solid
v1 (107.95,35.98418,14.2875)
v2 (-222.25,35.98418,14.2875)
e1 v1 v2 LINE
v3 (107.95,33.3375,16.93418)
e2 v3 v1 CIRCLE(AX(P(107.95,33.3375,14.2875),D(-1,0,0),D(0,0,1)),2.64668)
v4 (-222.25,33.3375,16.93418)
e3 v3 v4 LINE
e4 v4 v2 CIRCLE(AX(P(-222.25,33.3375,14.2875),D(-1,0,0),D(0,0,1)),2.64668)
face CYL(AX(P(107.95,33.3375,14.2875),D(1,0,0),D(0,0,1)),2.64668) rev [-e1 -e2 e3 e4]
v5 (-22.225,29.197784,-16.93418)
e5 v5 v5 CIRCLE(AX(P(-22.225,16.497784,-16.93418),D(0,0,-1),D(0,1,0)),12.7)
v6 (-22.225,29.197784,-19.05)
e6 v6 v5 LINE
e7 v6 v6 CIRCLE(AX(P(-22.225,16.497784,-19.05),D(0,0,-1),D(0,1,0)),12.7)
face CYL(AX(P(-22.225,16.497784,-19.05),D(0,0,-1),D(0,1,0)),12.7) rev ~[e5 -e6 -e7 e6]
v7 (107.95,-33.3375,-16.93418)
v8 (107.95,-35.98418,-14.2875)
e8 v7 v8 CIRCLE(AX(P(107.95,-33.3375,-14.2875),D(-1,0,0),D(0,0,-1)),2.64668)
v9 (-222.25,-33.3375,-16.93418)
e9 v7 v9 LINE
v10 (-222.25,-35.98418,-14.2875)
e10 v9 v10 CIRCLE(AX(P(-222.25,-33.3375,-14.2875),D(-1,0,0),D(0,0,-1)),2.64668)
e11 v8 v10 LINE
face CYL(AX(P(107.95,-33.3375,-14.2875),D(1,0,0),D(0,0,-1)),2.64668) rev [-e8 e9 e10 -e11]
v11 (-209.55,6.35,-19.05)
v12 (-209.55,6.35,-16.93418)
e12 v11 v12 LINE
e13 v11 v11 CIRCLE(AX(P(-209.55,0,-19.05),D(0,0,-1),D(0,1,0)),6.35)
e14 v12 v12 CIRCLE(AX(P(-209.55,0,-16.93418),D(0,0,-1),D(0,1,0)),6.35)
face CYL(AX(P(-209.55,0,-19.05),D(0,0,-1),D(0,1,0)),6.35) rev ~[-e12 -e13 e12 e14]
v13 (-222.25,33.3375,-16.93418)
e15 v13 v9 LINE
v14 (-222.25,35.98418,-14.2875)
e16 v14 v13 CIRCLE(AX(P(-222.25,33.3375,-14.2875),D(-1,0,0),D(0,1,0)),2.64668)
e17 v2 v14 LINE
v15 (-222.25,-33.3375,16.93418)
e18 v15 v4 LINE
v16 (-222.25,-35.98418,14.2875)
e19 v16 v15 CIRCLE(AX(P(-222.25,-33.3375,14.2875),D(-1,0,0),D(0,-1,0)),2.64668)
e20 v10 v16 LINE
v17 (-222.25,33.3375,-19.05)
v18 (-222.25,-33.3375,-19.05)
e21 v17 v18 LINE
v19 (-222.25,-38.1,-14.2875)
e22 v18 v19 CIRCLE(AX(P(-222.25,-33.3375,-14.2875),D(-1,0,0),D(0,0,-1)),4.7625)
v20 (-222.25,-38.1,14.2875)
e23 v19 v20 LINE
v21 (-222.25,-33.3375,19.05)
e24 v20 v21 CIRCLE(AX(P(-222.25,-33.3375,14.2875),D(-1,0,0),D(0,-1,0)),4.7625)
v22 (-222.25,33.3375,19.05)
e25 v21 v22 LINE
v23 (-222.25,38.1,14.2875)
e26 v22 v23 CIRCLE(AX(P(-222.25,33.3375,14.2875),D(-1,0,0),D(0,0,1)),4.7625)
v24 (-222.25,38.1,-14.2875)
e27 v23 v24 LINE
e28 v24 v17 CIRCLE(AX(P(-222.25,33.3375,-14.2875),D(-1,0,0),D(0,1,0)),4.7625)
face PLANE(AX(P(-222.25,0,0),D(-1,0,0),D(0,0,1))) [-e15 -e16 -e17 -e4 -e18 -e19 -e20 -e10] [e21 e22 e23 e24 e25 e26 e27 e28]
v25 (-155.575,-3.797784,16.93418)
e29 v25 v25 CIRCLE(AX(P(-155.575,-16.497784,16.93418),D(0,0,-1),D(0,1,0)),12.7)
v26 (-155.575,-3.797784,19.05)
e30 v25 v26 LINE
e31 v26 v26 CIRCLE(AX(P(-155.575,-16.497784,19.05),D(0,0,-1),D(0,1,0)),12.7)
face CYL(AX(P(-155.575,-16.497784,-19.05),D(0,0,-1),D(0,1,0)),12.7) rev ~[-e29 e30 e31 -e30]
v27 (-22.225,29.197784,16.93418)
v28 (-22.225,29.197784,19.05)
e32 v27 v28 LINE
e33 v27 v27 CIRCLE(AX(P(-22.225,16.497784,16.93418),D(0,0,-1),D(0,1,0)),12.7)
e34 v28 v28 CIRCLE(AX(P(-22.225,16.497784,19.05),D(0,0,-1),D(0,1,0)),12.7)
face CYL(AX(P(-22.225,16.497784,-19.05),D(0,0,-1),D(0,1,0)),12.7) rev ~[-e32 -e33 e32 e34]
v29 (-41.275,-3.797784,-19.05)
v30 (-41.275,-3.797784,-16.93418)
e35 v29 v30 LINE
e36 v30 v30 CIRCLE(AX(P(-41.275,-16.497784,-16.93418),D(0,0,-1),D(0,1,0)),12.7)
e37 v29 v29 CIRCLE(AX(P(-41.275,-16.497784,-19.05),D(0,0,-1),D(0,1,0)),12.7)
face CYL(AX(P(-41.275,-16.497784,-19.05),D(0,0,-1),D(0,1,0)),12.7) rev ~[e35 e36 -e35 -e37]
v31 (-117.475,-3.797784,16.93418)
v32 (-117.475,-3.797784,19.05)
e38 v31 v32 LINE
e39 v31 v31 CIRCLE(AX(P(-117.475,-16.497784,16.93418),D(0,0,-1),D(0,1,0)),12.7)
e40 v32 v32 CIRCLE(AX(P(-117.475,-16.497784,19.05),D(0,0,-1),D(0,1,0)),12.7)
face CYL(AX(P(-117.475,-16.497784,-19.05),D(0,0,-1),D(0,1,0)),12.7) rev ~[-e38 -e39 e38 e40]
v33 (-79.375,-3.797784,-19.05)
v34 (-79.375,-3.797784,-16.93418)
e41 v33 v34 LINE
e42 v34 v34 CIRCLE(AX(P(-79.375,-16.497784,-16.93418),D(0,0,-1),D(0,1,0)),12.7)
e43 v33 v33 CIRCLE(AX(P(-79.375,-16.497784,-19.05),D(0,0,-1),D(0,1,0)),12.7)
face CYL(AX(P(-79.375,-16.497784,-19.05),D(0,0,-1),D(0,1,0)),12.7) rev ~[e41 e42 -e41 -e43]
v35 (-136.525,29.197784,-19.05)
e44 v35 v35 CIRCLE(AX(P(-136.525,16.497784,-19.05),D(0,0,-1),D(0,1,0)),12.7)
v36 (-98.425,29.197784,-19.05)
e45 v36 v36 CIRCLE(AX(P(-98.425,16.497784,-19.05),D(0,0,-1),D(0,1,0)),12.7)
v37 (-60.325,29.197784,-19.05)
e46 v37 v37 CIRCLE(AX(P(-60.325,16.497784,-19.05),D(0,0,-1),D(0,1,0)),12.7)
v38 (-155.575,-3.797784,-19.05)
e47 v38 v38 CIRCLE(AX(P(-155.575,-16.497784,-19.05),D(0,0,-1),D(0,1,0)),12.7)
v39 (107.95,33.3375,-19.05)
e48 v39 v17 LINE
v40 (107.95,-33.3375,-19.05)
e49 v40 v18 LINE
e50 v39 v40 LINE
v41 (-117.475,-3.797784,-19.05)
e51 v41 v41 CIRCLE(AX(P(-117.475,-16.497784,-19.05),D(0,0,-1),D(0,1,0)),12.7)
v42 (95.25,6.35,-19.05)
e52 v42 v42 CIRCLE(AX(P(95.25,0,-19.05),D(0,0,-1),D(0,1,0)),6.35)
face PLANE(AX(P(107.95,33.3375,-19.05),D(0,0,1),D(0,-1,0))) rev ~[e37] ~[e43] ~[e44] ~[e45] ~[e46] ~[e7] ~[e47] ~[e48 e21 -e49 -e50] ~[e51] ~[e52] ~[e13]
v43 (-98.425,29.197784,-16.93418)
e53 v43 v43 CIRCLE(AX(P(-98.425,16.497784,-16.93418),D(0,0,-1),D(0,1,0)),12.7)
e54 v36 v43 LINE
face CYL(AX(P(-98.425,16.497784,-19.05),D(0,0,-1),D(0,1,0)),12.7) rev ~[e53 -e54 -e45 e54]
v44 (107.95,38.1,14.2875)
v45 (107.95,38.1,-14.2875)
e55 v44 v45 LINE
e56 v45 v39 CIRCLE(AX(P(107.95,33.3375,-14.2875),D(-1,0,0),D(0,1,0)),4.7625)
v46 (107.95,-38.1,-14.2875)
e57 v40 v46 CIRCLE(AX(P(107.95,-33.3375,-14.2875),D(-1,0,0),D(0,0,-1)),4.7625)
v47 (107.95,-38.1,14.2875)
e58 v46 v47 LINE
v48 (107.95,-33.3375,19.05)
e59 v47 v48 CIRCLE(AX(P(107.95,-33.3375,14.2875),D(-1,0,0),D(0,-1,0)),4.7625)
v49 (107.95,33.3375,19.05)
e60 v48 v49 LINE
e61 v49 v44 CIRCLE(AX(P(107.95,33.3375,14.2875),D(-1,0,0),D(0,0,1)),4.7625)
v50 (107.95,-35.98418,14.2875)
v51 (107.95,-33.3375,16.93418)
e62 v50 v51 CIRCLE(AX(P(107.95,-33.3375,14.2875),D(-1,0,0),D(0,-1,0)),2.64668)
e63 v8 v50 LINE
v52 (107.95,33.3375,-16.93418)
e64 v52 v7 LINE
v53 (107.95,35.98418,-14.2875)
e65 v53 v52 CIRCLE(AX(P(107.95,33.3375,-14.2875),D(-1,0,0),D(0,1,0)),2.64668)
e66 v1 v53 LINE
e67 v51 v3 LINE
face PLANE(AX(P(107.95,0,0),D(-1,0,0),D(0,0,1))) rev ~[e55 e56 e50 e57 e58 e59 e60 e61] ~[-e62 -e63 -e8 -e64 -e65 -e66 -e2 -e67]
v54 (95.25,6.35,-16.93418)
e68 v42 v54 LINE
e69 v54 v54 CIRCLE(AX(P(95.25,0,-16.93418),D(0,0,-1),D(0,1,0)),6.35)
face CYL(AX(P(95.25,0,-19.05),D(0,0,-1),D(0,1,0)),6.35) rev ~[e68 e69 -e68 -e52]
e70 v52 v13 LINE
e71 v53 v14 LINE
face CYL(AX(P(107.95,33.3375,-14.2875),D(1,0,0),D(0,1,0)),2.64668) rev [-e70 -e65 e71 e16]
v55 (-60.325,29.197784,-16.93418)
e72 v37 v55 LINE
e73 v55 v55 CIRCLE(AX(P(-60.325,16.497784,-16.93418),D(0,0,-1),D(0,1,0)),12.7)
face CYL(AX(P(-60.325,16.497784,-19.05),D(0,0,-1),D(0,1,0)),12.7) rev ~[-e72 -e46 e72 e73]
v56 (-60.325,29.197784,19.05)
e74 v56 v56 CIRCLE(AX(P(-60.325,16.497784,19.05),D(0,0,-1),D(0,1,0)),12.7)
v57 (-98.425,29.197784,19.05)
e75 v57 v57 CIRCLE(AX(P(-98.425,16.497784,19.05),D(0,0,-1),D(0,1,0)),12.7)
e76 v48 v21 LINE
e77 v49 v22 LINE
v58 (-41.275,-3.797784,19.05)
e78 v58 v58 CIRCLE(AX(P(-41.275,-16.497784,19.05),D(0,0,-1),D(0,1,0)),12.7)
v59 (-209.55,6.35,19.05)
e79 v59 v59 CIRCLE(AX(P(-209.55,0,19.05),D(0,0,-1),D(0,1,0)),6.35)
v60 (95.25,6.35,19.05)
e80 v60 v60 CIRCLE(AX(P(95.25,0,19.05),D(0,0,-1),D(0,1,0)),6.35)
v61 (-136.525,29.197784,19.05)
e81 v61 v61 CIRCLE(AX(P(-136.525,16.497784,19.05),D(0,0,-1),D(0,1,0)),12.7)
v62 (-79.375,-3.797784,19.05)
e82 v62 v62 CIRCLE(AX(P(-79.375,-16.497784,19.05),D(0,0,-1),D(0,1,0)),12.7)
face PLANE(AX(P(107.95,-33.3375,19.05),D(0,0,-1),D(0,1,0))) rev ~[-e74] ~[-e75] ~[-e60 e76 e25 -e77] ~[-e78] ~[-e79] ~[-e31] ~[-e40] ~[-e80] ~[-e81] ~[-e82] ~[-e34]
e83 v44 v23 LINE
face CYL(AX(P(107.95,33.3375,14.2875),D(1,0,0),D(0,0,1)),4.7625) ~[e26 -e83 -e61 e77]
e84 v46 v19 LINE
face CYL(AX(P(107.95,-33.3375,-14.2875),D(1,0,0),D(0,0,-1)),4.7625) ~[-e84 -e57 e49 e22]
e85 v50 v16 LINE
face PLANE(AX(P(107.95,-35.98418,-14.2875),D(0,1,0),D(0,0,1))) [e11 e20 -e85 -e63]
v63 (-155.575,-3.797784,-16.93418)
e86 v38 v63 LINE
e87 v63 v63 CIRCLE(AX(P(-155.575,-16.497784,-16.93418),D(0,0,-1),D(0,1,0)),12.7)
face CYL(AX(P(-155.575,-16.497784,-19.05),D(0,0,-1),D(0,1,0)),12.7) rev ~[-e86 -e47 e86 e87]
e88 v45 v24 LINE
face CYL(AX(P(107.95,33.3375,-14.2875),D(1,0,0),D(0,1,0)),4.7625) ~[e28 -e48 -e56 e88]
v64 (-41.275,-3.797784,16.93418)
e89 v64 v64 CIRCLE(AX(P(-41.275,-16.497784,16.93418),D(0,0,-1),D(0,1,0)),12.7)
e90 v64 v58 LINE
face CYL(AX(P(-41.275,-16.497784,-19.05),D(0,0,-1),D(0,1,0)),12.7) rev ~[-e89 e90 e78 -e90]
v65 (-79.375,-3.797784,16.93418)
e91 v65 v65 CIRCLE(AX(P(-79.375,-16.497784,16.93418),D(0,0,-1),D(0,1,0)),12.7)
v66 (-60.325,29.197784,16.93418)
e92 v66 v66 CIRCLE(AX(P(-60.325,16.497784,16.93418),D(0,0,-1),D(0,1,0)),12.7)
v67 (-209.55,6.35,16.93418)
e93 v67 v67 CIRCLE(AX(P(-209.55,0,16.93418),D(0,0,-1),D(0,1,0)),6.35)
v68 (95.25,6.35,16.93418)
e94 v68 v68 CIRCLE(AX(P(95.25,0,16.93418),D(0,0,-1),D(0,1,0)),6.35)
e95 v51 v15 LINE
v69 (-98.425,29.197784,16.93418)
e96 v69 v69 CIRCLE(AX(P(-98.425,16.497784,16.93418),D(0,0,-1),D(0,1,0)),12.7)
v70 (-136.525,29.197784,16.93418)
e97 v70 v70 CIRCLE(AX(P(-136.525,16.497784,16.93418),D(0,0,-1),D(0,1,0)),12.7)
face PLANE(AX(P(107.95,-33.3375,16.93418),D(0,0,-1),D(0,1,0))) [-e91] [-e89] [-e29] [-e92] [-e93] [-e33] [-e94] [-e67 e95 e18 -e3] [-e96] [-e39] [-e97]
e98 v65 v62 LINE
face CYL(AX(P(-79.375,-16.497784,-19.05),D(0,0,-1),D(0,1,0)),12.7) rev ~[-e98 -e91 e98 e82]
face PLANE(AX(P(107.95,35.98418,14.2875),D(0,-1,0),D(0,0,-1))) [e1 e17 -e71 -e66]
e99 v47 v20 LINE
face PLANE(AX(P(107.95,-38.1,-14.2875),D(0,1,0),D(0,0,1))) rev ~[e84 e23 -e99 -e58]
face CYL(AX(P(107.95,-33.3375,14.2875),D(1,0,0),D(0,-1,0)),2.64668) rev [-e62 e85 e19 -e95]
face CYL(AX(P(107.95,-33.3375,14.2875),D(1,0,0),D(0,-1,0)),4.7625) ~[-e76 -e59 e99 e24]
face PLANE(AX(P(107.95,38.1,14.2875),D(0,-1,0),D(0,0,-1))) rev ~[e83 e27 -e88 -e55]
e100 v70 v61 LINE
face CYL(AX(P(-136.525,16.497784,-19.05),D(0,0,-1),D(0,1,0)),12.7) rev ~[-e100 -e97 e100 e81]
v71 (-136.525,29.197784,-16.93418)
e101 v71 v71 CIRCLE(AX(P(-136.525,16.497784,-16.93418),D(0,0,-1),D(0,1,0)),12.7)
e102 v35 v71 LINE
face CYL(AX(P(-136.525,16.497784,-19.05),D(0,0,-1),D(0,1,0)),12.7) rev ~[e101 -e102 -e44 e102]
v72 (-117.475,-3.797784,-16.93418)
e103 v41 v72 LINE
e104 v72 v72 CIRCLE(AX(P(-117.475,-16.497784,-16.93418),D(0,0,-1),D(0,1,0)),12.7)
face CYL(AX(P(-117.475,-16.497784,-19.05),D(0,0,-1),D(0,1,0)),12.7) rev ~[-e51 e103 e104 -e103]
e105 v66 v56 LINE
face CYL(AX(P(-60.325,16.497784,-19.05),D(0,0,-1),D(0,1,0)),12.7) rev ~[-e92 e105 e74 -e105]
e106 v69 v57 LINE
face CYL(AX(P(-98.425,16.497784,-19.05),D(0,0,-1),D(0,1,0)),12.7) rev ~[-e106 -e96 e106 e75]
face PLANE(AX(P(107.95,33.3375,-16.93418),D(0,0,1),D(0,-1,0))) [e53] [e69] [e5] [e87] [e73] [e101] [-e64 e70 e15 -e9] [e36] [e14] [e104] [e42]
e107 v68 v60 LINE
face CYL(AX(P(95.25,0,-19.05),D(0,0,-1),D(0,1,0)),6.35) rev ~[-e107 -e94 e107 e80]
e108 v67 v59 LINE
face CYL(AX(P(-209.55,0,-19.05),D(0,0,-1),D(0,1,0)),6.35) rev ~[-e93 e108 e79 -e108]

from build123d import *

# Parameters (mm, degrees)
STRUCTURAL_MEMBER1_DEPTH = 330.2
SKETCH15_R               = 6.35
CUT_EXTRUDE1_DEPTH       = 229.688177438
SKETCH16_R               = 12.7
CUT_EXTRUDE2_DEPTH       = 229.688177438
LPATTERN1_COUNT          = 4
LPATTERN1_PITCH          = 38.1


with BuildPart() as part:
    # Sketch13 → Structural Member1 (new body)
    with BuildSketch(Plane.ZY.offset(-107.95)):
        with BuildLine():
            Line((-14.2875, -38.1), (14.2875, -38.1))
            ThreePointArc((14.2875, -38.1), (17.655096045, -36.705096045), (19.05, -33.3375))
            Line((19.05, -33.3375), (19.05, 33.3375))
            ThreePointArc((19.05, 33.3375), (17.655096045, 36.705096045), (14.2875, 38.1))
            Line((14.2875, 38.1), (-14.2875, 38.1))
            ThreePointArc((-14.2875, 38.1), (-17.655096045, 36.705096045), (-19.05, 33.3375))
            Line((-19.05, 33.3375), (-19.05, -33.3375))
            ThreePointArc((-19.05, -33.3375), (-17.655096045, -36.705096045), (-14.2875, -38.1))
        make_face()
        with BuildLine():
            Line((-14.2875, -35.98418), (14.2875, -35.98418))
            ThreePointArc((14.2875, -35.98418), (16.158985376, -35.208985376), (16.93418, -33.3375))
            Line((16.93418, -33.3375), (16.93418, 33.3375))
            ThreePointArc((16.93418, 33.3375), (16.158985376, 35.208985376), (14.2875, 35.98418))
            Line((14.2875, 35.98418), (-14.2875, 35.98418))
            ThreePointArc((-14.2875, 35.98418), (-16.158985376, 35.208985376), (-16.93418, 33.3375))
            Line((-16.93418, 33.3375), (-16.93418, -33.3375))
            ThreePointArc((-16.93418, -33.3375), (-16.158985376, -35.208985376), (-14.2875, -35.98418))
        make_face(mode=Mode.SUBTRACT)
    extrude(amount=STRUCTURAL_MEMBER1_DEPTH)

    # Sketch15 → Cut-Extrude1 (cut, through all)
    with BuildSketch(Plane(origin=(0, 0, -19.05), x_dir=(-1, 0, 0), z_dir=(0, 0, -1))):
        with Locations(Location((-95.25, 0, 0), (0, 0, 90))):
            Circle(SKETCH15_R)
        with Locations(Location((209.55, 0, 0), (0, 0, 90))):
            Circle(SKETCH15_R)
    extrude(amount=-CUT_EXTRUDE1_DEPTH, mode=Mode.SUBTRACT)

    # Sketch16 → Cut-Extrude2 (cut, through all)
    with BuildSketch(Plane(origin=(0, 0, -19.05), x_dir=(-1, 0, 0), z_dir=(0, 0, -1))):
        with Locations(Location((22.225, 16.497783942, 0), (0, 0, 90))):
            Circle(SKETCH16_R)
        with Locations(Location((41.275, -16.497783942, 0), (0, 0, 90))):
            Circle(SKETCH16_R)
    cut_extrude2 = extrude(amount=-CUT_EXTRUDE2_DEPTH, mode=Mode.SUBTRACT)

    # LPattern1: Cut-Extrude2 ×4
    with Locations(*[(-i * LPATTERN1_PITCH, 0, 0) for i in range(1, LPATTERN1_COUNT)]):
        add(cut_extrude2, mode=Mode.SUBTRACT)


solid = part.part
